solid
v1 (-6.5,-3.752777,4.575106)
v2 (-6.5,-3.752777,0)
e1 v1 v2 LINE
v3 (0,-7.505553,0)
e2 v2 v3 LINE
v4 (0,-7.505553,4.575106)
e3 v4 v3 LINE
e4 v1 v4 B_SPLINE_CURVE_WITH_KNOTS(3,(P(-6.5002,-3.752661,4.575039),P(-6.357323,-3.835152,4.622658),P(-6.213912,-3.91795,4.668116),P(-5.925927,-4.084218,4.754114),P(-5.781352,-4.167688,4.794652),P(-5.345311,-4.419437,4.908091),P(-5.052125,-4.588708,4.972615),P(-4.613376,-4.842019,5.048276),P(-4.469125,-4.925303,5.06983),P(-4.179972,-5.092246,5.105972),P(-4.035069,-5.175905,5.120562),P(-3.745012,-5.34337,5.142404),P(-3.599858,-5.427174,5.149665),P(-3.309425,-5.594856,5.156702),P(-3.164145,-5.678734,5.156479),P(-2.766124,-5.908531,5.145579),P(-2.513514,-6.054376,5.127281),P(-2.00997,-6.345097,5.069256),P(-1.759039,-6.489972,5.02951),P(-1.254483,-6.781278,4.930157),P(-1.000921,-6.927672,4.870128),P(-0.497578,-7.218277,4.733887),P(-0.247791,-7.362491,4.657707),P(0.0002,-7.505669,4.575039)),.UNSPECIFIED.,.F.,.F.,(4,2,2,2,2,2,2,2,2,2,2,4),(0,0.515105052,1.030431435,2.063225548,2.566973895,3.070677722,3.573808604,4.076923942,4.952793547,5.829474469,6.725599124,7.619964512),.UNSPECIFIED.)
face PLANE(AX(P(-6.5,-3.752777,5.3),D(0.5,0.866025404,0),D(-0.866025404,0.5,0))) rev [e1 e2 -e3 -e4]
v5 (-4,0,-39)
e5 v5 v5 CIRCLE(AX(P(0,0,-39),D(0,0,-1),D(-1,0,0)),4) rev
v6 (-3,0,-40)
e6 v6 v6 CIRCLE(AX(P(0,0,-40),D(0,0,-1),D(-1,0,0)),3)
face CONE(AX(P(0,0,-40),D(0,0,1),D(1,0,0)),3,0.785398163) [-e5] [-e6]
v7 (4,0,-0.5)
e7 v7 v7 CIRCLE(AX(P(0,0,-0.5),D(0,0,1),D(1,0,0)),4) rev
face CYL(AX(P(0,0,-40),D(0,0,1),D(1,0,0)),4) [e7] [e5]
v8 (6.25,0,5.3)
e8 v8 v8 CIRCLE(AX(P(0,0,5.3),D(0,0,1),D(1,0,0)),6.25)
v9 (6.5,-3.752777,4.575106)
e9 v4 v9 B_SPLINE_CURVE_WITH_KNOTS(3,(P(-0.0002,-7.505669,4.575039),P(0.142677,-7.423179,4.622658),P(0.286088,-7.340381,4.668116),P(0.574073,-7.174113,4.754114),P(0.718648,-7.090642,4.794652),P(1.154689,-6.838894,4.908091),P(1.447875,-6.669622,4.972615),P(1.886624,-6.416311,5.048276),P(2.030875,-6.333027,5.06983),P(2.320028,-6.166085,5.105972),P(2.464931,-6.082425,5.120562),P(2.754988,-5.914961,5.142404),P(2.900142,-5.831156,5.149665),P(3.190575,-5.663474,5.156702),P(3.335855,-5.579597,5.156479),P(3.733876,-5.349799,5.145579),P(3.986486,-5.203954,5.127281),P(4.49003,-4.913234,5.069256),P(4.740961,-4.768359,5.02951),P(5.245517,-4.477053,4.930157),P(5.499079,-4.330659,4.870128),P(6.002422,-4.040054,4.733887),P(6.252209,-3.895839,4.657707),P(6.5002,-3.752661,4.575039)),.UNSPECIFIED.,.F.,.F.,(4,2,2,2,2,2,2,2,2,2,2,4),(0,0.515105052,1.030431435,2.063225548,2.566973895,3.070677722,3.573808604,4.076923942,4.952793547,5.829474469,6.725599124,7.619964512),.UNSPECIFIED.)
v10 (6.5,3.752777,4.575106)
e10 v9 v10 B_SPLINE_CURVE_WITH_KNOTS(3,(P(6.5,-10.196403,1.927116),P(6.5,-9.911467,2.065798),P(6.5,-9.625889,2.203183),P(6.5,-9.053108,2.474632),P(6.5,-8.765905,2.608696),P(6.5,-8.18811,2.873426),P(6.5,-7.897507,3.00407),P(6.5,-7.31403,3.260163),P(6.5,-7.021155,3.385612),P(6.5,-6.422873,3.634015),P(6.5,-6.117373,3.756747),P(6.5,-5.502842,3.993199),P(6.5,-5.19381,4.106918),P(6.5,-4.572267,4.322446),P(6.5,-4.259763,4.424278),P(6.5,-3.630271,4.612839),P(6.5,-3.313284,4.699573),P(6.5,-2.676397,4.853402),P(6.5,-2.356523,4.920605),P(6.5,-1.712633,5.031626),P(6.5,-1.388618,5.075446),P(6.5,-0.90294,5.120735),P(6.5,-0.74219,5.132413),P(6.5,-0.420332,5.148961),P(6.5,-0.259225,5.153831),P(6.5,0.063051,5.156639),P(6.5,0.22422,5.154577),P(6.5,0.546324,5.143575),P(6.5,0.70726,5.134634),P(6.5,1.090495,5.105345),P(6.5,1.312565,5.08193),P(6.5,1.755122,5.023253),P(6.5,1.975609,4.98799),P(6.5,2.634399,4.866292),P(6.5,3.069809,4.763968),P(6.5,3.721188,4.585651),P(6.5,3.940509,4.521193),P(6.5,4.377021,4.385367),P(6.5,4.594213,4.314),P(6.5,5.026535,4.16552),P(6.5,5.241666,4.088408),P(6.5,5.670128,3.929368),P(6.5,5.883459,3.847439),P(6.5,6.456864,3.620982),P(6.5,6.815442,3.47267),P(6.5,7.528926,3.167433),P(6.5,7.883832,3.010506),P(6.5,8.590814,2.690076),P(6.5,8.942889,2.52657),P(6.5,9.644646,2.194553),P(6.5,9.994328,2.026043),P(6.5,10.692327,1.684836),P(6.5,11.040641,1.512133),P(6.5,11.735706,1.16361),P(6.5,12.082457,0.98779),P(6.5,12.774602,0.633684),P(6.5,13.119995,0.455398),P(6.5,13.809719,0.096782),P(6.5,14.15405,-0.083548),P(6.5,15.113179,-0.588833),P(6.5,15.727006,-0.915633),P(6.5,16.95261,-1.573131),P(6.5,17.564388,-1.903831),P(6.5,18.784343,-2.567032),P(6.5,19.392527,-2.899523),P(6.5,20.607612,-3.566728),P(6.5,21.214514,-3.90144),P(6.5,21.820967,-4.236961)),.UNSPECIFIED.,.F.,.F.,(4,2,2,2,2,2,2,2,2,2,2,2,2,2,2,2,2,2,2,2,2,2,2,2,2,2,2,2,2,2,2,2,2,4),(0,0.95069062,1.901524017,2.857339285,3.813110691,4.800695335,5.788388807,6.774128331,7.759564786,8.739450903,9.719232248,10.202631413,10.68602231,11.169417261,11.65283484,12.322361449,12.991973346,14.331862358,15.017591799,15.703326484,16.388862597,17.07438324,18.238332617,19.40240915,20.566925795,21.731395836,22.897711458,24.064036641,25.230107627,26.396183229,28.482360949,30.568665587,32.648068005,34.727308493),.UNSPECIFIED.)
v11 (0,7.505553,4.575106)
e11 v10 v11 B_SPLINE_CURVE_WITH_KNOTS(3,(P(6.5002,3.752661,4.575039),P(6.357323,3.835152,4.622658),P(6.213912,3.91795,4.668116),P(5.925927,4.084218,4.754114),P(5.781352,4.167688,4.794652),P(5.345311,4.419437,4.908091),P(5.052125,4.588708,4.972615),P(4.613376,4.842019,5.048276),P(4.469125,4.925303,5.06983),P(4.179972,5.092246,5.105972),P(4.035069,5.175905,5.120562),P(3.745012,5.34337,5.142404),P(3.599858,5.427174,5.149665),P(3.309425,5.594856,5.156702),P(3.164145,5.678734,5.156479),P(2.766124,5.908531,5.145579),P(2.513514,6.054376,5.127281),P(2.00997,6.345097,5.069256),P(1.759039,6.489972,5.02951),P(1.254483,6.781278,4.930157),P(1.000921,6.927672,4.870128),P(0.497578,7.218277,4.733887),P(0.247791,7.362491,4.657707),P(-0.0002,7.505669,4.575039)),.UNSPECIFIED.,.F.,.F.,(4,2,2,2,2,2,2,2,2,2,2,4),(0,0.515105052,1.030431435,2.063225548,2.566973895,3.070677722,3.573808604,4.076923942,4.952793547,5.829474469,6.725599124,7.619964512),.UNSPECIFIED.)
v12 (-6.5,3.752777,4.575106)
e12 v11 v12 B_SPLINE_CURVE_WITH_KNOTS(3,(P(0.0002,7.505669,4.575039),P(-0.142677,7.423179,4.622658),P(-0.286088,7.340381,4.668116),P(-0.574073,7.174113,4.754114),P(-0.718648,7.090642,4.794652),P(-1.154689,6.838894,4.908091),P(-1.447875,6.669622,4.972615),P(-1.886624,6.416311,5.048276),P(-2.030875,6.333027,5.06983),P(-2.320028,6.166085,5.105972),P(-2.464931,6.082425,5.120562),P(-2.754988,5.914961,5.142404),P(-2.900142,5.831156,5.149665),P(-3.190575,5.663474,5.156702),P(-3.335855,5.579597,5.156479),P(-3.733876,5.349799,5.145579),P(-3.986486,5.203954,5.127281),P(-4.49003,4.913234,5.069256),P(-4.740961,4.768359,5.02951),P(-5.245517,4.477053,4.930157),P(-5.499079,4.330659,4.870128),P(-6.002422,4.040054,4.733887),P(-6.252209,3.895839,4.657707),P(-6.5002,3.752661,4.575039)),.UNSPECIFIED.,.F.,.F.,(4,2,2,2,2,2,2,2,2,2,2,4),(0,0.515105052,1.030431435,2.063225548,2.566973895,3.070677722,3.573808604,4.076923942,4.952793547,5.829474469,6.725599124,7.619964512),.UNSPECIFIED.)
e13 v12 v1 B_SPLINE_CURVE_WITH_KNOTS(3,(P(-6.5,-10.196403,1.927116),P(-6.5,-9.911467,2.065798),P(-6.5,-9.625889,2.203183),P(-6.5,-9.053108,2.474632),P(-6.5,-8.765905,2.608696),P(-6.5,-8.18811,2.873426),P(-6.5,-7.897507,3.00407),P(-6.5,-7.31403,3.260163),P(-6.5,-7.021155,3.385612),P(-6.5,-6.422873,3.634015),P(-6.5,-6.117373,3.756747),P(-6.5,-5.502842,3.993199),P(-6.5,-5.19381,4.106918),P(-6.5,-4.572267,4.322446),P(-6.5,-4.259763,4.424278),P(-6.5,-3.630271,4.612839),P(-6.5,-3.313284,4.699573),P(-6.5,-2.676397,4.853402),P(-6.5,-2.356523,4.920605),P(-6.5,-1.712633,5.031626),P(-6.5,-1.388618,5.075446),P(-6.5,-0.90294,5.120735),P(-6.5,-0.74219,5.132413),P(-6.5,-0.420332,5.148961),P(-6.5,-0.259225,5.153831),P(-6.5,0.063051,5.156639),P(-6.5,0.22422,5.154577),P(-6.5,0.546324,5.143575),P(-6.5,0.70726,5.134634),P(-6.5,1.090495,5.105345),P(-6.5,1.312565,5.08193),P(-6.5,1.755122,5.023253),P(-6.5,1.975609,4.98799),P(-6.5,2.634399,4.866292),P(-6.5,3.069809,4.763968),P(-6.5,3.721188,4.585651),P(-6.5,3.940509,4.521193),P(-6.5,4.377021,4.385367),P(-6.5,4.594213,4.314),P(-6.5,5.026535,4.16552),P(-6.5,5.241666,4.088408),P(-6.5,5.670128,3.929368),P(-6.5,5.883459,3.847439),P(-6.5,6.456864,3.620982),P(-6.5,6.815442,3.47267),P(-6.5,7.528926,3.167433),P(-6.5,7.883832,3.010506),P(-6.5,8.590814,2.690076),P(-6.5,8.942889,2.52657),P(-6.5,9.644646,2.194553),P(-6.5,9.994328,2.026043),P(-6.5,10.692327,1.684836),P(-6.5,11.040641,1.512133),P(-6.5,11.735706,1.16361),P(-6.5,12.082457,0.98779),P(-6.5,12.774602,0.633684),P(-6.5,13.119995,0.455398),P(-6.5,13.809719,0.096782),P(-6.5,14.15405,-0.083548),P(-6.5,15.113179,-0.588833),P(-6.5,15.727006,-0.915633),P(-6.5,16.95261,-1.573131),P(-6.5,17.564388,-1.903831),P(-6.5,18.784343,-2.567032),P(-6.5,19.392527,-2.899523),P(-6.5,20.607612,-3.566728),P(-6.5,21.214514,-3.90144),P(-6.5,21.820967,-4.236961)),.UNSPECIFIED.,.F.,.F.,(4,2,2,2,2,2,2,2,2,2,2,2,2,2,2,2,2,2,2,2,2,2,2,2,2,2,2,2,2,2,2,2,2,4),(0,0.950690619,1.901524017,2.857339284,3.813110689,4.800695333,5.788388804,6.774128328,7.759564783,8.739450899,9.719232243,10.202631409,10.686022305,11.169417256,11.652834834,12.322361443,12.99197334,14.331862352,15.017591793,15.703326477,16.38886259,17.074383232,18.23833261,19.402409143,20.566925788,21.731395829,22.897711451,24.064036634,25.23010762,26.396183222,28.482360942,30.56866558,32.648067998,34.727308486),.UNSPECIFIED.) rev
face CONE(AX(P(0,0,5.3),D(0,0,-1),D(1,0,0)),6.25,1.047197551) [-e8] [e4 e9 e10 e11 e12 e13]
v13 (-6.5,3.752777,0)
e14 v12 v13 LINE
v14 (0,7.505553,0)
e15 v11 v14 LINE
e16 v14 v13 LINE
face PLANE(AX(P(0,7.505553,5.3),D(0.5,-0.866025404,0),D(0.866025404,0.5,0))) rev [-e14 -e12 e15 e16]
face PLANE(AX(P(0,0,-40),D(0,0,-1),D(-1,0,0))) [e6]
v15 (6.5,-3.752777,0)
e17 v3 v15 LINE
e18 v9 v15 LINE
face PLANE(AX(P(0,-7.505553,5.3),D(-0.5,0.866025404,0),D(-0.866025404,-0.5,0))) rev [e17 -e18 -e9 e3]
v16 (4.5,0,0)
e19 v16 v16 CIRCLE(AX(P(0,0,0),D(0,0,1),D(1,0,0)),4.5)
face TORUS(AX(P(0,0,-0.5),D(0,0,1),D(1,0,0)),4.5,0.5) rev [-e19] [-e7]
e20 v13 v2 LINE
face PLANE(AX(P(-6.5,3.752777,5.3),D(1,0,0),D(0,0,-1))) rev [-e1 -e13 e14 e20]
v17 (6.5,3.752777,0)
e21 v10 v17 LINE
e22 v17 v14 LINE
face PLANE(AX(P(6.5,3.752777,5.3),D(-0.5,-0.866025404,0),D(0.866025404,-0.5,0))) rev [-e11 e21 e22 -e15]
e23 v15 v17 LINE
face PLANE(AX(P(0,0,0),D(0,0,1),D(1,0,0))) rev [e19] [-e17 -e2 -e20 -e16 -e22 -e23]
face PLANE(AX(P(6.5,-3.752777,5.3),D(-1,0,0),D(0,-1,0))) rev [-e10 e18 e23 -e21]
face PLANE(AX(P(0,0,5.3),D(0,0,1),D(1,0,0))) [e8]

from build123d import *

# Parameters (mm, degrees)
EXTRUDE_1_DEPTH     = 5.3
SKETCH_2_OUTSIDE_W  = 61.562
SKETCH_2_OUTSIDE_H  = 63.574
SKETCH_2_OUTSIDE_R  = 6.25
CUT_EXTRUDE_1_DEPTH = 12.254924848
CUT_EXTRUDE_1_DRAFT = -60
SKETCH_3_R          = 4
EXTRUDE_2_DEPTH     = 40
CHAMFER_1_SIZE      = 1
FILLET_1_R          = 0.5


with BuildPart() as part:
    # Эскиз1 → Бобышка-Вытянуть1 (new body)
    with BuildSketch(Plane.XY):
        Polygon((0, 7.505553499), (-6.5, 3.75277675), (-6.5, -3.75277675), (0, -7.505553499), (6.5, -3.75277675), (6.5, 3.75277675), align=None)
    extrude(amount=EXTRUDE_1_DEPTH)


with BuildPart() as cut_extrude_1_tool:
    # Эскиз2 outside → Вырез-Вытянуть1 (with draft: the straight prism first)
    with BuildSketch(Plane.XY.offset(5.3)):
        Rectangle(SKETCH_2_OUTSIDE_W, SKETCH_2_OUTSIDE_H)
        Circle(SKETCH_2_OUTSIDE_R, mode=Mode.SUBTRACT)
    extrude(amount=-CUT_EXTRUDE_1_DEPTH)
    # Вырез-Вытянуть1: the draft: its side faces are tilted about the plane it starts from
    cut_extrude_1_sides = [cut_extrude_1_tool.faces().sort_by_distance(p)[0] for p in [
        (0, -31.787, -0.827462424),
        (30.781, 0, -0.827462424),
        (0, 31.787, -0.827462424),
        (-30.781, 0, -0.827462424),
        (-6.25, 0, -0.827462424),
    ]]
    draft(cut_extrude_1_sides, Plane.XY.offset(5.3), CUT_EXTRUDE_1_DRAFT)


with BuildPart() as part_1:
    add(part.part)

    # Вырез-Вытянуть1: cut by cut_extrude_1_tool
    add(cut_extrude_1_tool.part, mode=Mode.SUBTRACT)

    # Эскиз3 → Бобышка-Вытянуть2 (add)
    with BuildSketch(Plane(origin=(0, 0, 0), x_dir=(-1, 0, 0), z_dir=(0, 0, -1))):
        with Locations(Location((0, 0, 0), (0, 0, 180))):
            Circle(SKETCH_3_R)
    extrude(amount=EXTRUDE_2_DEPTH)

    # Фаска1
    chamfer_1_edges = [part_1.edges().sort_by_distance(p)[0] for p in [
        (-4, 0, -40),
    ]]
    chamfer(chamfer_1_edges, length=CHAMFER_1_SIZE)

    # Скругление1
    fillet_1_edges = [part_1.edges().sort_by_distance(p)[0] for p in [
        (-4, 0, 0),
    ]]
    fillet(fillet_1_edges, radius=FILLET_1_R)


solid = part_1.part
